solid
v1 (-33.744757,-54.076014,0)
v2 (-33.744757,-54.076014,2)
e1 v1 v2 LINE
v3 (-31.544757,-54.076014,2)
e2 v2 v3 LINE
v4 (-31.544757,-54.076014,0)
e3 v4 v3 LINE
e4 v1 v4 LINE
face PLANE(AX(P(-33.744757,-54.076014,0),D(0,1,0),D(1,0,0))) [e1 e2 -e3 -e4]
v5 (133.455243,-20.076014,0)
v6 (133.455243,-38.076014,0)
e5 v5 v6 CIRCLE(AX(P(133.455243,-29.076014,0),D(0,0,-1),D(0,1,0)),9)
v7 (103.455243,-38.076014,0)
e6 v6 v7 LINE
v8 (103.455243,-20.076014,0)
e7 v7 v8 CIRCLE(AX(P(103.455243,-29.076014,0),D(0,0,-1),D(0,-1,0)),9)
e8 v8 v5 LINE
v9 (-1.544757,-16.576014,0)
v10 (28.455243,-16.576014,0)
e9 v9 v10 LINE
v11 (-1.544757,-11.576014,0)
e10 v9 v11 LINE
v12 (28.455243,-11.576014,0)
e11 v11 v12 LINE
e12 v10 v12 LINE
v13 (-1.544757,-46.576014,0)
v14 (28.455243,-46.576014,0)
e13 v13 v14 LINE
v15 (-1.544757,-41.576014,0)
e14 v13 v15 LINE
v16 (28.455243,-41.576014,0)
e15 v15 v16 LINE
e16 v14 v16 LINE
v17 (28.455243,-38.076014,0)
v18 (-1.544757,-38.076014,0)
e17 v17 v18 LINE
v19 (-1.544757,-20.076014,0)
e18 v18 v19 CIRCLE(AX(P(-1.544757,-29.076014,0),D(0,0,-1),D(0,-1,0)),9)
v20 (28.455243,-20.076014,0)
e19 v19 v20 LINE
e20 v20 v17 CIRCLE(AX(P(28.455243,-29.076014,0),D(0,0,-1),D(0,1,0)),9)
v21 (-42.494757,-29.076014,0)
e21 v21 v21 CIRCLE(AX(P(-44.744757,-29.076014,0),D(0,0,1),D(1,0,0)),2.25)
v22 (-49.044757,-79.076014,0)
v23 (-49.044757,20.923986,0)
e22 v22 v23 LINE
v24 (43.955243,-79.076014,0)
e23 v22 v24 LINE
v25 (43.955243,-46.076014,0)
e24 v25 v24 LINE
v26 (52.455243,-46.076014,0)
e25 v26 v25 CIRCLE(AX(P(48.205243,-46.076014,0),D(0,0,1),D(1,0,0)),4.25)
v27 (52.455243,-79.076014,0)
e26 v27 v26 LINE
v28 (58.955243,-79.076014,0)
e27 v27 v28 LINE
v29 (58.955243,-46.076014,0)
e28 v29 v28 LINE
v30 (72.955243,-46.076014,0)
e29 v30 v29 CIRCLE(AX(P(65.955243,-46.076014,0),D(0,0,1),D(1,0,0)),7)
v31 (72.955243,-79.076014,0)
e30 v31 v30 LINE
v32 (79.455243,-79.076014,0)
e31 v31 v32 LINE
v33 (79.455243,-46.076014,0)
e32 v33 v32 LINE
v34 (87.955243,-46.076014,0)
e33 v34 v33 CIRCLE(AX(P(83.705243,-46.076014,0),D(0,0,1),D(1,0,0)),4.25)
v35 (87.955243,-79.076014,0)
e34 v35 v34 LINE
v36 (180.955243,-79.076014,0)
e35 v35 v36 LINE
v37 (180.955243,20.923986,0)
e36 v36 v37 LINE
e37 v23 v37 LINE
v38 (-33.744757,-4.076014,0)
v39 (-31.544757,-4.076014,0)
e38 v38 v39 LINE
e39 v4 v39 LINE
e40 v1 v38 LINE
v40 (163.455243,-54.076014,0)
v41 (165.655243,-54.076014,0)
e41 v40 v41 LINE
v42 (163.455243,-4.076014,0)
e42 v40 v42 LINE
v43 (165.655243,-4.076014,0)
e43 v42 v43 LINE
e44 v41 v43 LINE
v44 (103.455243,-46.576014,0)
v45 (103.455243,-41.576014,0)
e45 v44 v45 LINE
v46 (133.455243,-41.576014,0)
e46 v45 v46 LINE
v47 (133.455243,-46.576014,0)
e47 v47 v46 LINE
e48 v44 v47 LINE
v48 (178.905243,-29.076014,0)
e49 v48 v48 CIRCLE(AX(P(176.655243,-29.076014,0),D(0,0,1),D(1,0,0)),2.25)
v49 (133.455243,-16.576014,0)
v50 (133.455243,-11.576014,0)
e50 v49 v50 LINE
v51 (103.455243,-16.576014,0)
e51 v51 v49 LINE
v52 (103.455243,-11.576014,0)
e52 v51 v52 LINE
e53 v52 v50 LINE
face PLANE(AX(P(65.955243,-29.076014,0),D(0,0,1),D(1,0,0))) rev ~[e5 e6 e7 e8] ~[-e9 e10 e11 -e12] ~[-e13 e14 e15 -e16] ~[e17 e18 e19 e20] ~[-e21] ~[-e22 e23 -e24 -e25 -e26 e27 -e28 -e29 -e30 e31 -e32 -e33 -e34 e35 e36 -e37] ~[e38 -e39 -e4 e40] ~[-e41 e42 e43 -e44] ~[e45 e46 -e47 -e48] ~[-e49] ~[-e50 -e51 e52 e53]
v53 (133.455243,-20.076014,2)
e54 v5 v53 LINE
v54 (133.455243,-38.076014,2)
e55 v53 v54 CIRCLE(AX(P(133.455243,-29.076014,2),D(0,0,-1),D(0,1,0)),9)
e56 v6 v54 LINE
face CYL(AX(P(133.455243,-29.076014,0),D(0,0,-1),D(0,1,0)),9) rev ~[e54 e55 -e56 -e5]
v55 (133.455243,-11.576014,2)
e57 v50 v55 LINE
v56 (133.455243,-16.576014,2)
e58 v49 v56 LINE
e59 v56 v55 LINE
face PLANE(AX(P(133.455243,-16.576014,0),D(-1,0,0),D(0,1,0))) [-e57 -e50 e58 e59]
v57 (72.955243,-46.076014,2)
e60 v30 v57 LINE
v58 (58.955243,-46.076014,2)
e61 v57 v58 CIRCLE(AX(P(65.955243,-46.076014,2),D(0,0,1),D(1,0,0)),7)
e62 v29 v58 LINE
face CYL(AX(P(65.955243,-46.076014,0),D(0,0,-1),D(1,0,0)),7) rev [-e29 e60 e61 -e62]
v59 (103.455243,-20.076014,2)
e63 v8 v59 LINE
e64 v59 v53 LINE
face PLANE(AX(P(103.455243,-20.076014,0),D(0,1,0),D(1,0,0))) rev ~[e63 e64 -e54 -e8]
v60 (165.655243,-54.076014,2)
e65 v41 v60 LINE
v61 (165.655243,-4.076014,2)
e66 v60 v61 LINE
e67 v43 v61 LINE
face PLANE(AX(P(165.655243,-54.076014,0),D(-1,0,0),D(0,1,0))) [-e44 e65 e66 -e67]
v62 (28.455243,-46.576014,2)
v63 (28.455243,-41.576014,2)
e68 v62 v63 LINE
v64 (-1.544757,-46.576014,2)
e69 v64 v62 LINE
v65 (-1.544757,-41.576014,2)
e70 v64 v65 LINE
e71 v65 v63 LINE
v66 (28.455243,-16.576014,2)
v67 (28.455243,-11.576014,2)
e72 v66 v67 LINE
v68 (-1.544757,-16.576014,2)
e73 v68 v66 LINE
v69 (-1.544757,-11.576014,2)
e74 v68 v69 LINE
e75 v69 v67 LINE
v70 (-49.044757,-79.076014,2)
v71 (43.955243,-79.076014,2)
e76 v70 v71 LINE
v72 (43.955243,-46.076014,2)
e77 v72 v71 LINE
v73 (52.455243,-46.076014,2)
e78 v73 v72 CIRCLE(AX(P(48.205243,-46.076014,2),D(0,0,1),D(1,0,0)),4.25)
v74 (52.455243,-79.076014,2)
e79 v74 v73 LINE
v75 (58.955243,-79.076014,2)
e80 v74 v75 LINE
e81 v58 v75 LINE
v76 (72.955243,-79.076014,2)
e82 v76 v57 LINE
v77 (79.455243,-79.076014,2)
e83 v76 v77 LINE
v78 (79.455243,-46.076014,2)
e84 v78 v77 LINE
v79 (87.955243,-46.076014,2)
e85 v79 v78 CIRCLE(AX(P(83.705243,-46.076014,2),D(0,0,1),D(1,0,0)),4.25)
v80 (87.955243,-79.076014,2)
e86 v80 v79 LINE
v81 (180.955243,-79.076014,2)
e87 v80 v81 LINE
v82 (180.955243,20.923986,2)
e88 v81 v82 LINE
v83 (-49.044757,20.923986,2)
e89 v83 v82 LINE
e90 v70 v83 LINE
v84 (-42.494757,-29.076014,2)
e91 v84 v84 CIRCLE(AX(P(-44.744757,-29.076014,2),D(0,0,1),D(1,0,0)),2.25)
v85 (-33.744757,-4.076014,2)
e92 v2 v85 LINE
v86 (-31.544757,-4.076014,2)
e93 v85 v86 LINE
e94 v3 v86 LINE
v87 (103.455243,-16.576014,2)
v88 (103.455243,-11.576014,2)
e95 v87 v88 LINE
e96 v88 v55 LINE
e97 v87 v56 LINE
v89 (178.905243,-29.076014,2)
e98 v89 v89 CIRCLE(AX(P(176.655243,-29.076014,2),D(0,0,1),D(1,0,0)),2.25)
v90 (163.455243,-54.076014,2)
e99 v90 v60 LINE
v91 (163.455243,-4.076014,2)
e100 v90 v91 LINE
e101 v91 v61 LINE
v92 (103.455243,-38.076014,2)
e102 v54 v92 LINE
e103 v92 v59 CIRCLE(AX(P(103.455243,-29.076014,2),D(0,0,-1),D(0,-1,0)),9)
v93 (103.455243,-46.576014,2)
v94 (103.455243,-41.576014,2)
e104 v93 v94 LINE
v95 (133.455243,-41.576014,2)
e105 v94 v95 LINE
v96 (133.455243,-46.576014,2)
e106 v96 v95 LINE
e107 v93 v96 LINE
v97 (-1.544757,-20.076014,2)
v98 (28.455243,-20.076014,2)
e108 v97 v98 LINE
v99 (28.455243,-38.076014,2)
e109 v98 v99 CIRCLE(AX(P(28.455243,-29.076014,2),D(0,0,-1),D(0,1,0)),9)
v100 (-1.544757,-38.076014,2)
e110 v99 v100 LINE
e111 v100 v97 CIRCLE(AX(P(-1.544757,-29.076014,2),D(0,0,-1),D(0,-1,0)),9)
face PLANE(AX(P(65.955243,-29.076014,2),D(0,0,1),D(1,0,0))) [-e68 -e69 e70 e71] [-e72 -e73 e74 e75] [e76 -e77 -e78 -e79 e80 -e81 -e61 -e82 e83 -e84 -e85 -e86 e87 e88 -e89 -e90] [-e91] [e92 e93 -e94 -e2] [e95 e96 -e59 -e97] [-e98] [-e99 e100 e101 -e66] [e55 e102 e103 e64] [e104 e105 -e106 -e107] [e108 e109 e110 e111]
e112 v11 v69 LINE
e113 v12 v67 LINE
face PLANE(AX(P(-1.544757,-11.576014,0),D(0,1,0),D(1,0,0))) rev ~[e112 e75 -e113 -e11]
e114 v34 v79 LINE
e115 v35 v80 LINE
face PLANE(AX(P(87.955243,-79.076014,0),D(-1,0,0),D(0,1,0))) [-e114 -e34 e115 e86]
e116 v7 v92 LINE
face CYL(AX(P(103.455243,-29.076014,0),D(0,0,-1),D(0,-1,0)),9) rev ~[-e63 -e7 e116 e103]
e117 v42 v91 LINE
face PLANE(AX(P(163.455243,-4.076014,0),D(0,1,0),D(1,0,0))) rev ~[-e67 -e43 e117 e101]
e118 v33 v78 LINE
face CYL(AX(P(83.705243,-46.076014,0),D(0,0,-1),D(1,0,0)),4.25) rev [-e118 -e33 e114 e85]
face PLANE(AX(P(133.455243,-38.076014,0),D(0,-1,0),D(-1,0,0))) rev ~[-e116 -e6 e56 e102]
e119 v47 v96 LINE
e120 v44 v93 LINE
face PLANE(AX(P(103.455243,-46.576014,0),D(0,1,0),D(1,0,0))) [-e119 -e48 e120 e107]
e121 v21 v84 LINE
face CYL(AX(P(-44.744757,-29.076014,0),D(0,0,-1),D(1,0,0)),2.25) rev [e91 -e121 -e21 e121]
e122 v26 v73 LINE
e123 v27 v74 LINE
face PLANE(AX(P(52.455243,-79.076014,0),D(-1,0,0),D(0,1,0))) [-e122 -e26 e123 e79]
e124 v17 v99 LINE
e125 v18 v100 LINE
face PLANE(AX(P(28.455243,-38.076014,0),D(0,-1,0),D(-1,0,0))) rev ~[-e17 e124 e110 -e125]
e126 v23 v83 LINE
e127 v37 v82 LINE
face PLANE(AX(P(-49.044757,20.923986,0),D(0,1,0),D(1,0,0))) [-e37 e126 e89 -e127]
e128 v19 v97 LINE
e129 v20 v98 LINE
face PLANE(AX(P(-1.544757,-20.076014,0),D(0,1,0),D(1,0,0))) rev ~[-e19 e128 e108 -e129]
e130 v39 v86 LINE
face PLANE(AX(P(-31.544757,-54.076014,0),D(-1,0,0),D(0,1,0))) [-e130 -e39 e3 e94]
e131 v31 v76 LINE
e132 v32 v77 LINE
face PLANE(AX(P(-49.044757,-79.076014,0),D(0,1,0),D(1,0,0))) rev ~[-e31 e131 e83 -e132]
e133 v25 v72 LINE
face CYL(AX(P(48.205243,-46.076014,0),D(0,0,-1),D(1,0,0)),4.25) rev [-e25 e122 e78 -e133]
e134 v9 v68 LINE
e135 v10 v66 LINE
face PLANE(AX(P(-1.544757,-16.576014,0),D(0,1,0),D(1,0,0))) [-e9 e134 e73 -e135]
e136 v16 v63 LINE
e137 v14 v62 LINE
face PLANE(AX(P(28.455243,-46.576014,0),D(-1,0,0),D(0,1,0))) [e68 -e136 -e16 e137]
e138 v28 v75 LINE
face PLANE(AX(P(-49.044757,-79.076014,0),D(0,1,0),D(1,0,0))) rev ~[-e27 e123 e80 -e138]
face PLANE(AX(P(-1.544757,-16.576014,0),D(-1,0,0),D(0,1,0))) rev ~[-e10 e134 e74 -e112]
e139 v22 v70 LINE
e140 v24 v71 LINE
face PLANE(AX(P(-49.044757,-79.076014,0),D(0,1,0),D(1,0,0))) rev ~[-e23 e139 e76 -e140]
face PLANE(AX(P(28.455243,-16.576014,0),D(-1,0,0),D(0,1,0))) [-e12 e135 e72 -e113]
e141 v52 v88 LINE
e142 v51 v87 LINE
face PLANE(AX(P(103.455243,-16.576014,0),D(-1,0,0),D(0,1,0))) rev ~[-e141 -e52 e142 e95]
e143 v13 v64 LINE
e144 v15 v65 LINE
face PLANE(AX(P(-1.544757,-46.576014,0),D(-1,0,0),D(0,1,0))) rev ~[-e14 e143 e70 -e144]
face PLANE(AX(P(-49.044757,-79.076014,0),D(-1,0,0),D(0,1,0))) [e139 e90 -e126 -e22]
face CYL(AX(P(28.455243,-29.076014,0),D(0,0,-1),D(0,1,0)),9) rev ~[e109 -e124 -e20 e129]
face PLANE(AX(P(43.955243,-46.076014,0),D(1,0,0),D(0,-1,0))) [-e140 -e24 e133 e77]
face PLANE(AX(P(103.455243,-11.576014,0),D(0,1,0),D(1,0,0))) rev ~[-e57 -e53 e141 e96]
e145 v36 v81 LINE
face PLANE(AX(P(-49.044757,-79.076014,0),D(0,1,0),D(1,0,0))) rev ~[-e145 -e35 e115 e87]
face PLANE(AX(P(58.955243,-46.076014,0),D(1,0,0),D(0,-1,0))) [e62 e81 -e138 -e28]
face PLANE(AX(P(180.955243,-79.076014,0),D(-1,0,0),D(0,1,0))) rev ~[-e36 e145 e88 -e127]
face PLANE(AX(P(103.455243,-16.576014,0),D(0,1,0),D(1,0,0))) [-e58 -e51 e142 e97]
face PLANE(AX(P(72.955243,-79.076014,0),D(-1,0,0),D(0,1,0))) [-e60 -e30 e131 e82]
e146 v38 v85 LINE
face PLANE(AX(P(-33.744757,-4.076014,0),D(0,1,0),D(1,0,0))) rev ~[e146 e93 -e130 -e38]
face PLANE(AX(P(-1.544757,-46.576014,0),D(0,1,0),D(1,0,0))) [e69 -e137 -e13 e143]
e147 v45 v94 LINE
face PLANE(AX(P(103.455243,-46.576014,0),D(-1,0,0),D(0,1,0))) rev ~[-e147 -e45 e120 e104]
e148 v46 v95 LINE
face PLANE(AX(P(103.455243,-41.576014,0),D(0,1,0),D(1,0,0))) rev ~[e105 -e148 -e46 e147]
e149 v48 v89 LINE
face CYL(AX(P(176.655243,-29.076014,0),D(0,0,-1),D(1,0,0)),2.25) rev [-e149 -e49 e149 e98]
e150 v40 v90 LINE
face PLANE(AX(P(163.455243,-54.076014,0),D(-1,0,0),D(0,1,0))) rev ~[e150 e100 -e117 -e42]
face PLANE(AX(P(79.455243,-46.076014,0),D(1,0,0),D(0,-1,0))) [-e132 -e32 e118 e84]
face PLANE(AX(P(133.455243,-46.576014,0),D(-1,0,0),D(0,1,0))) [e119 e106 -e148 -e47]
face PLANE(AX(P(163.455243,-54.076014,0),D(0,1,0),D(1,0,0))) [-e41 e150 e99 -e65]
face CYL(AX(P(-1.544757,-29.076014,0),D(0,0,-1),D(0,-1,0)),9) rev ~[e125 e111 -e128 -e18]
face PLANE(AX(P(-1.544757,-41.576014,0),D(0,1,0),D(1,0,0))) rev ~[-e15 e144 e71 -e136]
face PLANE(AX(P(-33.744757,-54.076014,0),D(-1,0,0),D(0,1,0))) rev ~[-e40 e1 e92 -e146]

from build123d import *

# Parameters (mm, degrees)
SKETCH_1_W                    = 230
SKETCH_1_H                    = 100
EXTRUDE_1_DEPTH               = 2
CUT_EXTRUDE_2_DEPTH           = 2
CUT_EXTRUDE_2_DEPTH_BACK      = 2
SKETCH_3_W                    = 2.2
SKETCH_3_H                    = 50
SKETCH_3_W_2                  = 30
SKETCH_3_H_2                  = 5
CUT_EXTRUDE_3_DEPTH           = 2
CUT_EXTRUDE_3_DEPTH_BACK      = 2
SKETCH_5_R                    = 2.25
CUT_EXTRUDE_8_DEPTH           = 2
CUT_EXTRUDE_8_TAPER           = 1
CUT_EXTRUDE_8_OTHER_WAY_DEPTH = 2


with BuildPart() as part:
    # 草图1 → 凸台-拉伸1 (new body)
    with BuildSketch(Plane.XY):
        with Locations((65.955242642, -29.076013845)):
            Rectangle(SKETCH_1_W, SKETCH_1_H)
    extrude(amount=EXTRUDE_1_DEPTH)

    # 草图3 → 切除-拉伸2 (cut, two sides: drawn at the far end of the back side and taken through both)
    with BuildSketch(Plane.XY.offset(-CUT_EXTRUDE_2_DEPTH_BACK)):
        with Locations((-32.644757358, -29.076013845)):
            Rectangle(SKETCH_3_W, SKETCH_3_H)
        with Locations((13.455242642, -14.076013845)):
            Rectangle(SKETCH_3_W_2, SKETCH_3_H_2)
        with BuildLine():
            Line((-1.544757358, -20.076013845), (28.455242642, -20.076013845))
            ThreePointArc((28.455242642, -20.076013845), (37.455242642, -29.076013845), (28.455242642, -38.076013845))
            Line((28.455242642, -38.076013845), (-1.544757358, -38.076013845))
            ThreePointArc((-1.544757358, -38.076013845), (-10.544757358, -29.076013845), (-1.544757358, -20.076013845))
        make_face()
        with Locations((13.455242642, -44.076013845)):
            Rectangle(SKETCH_3_W_2, SKETCH_3_H_2)
        with Locations((118.455242642, -44.076013845)):
            Rectangle(SKETCH_3_W_2, SKETCH_3_H_2)
        with BuildLine():
            Line((133.455242642, -38.076013845), (103.455242642, -38.076013845))
            ThreePointArc((103.455242642, -38.076013845), (94.455242642, -29.076013845), (103.455242642, -20.076013845))
            Line((103.455242642, -20.076013845), (133.455242642, -20.076013845))
            ThreePointArc((133.455242642, -20.076013845), (142.455242642, -29.076013845), (133.455242642, -38.076013845))
        make_face()
        with Locations((118.455242642, -14.076013845)):
            Rectangle(SKETCH_3_W_2, SKETCH_3_H_2)
        with Locations((164.555242642, -29.076013845)):
            Rectangle(SKETCH_3_W, SKETCH_3_H)
    extrude(amount=CUT_EXTRUDE_2_DEPTH + CUT_EXTRUDE_2_DEPTH_BACK, mode=Mode.SUBTRACT)

    # 草图4 → 切除-拉伸3 (cut, two sides: drawn at the far end of the back side and taken through both)
    with BuildSketch(Plane.XY.offset(-CUT_EXTRUDE_3_DEPTH_BACK)):
        with BuildLine():
            Line((43.955242642, -46.076013845), (43.955242642, -79.076013845))
            Line((43.955242642, -79.076013845), (52.455242642, -79.076013845))
            Line((52.455242642, -79.076013845), (52.455242642, -46.076013845))
            ThreePointArc((52.455242642, -46.076013845), (48.205242642, -41.826013845), (43.955242642, -46.076013845))
        make_face()
        with BuildLine():
            Line((58.955242642, -46.076013845), (58.955242642, -79.076013845))
            Line((58.955242642, -79.076013845), (72.955242642, -79.076013845))
            Line((72.955242642, -79.076013845), (72.955242642, -46.076013845))
            ThreePointArc((72.955242642, -46.076013845), (65.955242642, -39.076013845), (58.955242642, -46.076013845))
        make_face()
        with BuildLine():
            Line((79.455242642, -46.076013845), (79.455242642, -79.076013845))
            Line((79.455242642, -79.076013845), (87.955242642, -79.076013845))
            Line((87.955242642, -79.076013845), (87.955242642, -46.076013845))
            ThreePointArc((87.955242642, -46.076013845), (83.705242642, -41.826013845), (79.455242642, -46.076013845))
        make_face()
    extrude(amount=CUT_EXTRUDE_3_DEPTH + CUT_EXTRUDE_3_DEPTH_BACK, mode=Mode.SUBTRACT)

    # 草图5 → 切除-拉伸8 (cut)
    with BuildSketch(Plane.XY):
        with Locations((-44.744757358, -29.076013845)):
            Circle(SKETCH_5_R)
        with Locations((176.655242642, -29.076013845)):
            Circle(SKETCH_5_R)
    extrude(amount=-CUT_EXTRUDE_8_DEPTH, taper=CUT_EXTRUDE_8_TAPER, mode=Mode.SUBTRACT)

    # 草图5 → 切除-拉伸8 other way (cut)
    with BuildSketch(Plane.XY):
        with Locations((-44.744757358, -29.076013845)):
            Circle(SKETCH_5_R)
        with Locations((176.655242642, -29.076013845)):
            Circle(SKETCH_5_R)
    extrude(amount=CUT_EXTRUDE_8_OTHER_WAY_DEPTH, mode=Mode.SUBTRACT)


solid = part.part
